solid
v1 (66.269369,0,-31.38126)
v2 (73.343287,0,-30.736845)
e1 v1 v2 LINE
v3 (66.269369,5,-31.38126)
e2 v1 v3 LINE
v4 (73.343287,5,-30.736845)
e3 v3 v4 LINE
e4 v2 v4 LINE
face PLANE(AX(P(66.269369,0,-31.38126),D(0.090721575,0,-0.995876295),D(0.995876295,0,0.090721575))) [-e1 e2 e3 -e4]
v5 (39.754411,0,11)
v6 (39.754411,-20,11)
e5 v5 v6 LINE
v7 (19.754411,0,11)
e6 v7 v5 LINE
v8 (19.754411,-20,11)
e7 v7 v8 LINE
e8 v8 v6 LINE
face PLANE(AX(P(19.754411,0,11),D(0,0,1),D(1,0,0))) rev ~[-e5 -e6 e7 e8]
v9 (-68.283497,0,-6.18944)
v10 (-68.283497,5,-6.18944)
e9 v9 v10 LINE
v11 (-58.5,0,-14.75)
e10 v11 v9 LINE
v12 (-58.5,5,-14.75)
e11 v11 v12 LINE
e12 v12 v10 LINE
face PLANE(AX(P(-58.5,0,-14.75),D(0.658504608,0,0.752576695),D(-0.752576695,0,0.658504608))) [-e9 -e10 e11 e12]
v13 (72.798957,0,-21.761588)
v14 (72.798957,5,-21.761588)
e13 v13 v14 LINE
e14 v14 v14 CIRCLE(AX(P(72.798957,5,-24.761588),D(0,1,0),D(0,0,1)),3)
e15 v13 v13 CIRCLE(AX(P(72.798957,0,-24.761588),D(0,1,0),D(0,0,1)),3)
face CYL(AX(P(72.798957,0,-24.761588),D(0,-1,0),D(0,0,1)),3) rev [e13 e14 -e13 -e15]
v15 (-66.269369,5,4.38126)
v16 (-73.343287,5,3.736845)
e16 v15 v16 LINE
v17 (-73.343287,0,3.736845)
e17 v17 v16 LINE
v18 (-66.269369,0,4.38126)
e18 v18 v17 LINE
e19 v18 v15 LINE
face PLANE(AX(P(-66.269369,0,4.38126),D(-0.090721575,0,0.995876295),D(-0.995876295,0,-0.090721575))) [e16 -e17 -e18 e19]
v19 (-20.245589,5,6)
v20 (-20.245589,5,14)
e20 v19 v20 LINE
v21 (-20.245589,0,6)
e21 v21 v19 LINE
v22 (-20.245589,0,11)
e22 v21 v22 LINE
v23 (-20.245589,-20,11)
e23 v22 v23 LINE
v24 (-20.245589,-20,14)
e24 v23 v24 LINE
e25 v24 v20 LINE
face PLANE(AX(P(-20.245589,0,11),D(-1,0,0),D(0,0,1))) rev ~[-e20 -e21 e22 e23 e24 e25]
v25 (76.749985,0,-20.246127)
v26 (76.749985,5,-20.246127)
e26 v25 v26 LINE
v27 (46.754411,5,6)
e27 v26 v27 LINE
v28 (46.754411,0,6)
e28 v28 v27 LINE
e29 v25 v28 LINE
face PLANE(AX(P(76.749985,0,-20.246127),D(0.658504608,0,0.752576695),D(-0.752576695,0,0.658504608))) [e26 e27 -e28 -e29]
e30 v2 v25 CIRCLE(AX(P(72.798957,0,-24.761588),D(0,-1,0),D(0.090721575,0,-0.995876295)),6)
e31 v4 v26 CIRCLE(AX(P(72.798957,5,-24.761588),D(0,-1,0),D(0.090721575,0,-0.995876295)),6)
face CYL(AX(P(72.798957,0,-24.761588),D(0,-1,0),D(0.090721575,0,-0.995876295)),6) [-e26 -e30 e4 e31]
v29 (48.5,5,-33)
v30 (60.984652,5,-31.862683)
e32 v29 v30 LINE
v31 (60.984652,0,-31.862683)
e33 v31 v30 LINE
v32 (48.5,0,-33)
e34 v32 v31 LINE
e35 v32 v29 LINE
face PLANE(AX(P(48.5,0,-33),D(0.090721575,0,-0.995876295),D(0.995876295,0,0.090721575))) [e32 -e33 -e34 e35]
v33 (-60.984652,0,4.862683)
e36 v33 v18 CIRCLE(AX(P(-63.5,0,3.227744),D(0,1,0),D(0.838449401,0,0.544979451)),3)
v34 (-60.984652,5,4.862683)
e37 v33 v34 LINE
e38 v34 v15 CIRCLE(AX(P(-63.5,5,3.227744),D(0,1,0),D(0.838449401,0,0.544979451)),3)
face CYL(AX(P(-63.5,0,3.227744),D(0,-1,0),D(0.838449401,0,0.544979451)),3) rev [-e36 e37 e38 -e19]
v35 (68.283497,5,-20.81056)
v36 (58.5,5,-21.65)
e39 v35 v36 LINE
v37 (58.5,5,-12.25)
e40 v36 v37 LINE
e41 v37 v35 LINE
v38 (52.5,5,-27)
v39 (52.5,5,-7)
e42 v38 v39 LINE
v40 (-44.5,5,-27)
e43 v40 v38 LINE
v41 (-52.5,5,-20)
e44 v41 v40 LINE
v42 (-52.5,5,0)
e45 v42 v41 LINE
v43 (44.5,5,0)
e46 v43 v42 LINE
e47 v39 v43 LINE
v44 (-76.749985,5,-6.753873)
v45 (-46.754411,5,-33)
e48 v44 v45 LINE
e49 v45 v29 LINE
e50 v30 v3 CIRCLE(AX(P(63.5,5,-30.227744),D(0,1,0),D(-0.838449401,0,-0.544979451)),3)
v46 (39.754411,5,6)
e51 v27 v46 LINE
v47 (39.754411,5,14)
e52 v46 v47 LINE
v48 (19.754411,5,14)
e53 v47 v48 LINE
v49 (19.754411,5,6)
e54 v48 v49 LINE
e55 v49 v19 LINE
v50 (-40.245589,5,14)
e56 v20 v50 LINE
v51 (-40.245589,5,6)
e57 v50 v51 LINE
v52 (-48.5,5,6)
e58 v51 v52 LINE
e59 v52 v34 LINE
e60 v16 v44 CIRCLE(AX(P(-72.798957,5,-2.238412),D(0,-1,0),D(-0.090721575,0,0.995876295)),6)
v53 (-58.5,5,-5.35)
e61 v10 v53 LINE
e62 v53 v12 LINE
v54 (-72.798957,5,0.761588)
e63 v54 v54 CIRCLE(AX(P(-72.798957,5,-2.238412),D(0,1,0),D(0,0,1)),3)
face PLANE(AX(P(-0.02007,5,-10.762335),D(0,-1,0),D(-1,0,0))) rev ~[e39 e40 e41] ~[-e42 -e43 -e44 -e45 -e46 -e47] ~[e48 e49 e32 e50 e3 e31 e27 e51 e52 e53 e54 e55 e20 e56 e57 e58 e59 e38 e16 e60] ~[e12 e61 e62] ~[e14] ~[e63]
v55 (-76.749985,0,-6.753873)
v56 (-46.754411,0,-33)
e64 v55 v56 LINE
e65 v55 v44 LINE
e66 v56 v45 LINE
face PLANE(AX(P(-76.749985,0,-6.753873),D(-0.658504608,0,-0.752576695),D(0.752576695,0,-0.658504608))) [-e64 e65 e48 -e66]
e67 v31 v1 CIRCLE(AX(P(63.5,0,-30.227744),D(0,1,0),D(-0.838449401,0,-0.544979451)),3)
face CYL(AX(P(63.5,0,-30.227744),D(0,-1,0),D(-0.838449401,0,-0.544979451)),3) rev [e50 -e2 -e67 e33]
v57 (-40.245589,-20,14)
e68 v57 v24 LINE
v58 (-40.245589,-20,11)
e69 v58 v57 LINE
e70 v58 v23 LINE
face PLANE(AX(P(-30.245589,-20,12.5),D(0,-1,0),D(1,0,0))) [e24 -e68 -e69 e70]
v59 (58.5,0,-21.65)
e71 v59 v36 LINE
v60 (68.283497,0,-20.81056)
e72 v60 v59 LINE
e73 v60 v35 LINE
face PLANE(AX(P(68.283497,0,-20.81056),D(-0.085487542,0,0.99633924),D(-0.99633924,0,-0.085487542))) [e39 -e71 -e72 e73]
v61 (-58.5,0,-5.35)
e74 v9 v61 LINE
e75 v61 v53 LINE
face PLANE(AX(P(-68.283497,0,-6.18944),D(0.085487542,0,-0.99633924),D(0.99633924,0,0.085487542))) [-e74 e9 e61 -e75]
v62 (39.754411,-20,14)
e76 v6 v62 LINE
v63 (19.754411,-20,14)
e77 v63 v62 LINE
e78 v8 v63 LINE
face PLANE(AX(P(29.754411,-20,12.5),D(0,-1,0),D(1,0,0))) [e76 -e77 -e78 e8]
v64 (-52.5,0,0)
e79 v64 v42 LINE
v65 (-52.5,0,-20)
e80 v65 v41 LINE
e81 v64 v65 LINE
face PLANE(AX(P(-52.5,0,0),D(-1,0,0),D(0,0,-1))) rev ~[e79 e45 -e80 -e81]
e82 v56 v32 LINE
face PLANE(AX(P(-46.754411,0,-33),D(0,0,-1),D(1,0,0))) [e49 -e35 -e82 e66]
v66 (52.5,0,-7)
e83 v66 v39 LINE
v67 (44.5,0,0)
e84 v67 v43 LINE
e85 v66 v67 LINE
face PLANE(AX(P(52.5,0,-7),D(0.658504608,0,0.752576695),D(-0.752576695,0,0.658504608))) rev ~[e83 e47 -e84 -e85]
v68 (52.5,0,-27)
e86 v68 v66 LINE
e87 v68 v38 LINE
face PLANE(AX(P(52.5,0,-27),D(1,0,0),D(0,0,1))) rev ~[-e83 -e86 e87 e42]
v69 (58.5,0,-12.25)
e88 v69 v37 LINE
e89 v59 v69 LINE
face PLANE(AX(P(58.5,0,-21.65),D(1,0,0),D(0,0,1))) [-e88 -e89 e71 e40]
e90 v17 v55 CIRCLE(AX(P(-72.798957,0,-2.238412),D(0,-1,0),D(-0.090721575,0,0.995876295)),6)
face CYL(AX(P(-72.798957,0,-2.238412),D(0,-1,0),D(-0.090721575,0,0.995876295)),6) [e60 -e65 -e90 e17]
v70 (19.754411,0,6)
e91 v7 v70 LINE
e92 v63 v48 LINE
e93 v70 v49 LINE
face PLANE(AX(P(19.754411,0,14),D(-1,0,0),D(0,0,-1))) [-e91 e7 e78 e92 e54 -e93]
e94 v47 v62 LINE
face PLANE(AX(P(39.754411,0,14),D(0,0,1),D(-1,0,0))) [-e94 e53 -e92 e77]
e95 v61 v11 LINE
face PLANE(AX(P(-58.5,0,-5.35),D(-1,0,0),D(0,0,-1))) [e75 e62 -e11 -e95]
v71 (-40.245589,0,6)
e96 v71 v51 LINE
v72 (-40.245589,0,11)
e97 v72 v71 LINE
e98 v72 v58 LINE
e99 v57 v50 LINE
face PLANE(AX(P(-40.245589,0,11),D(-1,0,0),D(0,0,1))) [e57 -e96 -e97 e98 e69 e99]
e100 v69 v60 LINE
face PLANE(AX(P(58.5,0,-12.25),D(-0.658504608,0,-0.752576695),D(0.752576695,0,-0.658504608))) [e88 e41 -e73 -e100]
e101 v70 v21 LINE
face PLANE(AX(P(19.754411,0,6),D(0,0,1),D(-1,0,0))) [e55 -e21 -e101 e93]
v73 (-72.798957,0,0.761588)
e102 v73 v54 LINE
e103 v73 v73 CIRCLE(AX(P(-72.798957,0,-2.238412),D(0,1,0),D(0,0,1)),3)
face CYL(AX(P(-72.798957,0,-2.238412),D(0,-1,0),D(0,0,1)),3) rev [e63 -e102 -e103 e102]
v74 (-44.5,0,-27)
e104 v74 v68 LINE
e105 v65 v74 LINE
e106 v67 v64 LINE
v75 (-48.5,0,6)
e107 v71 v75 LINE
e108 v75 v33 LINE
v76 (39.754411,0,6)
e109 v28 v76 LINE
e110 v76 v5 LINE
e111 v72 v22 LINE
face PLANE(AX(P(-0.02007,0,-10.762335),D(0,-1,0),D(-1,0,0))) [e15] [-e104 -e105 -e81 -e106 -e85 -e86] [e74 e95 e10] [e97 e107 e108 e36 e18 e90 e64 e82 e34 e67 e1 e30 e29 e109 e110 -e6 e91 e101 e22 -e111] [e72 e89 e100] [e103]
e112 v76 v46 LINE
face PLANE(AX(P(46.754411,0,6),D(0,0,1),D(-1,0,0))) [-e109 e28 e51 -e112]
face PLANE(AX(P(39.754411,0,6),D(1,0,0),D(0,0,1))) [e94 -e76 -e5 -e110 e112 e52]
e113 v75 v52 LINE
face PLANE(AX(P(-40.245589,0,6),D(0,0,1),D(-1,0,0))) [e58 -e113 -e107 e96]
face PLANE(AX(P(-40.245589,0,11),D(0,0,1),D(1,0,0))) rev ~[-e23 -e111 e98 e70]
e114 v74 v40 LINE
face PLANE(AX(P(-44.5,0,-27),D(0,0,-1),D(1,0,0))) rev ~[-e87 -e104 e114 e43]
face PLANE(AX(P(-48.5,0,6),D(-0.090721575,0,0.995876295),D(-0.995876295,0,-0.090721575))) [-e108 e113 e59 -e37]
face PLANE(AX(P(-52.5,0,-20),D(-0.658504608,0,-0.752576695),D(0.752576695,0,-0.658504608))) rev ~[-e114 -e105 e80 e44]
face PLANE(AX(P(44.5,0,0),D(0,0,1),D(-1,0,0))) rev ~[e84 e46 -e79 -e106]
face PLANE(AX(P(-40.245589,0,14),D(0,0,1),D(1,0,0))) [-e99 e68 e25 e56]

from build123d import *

# Parameters (mm, degrees)
SKETCH1_R           = 3
BOSS_EXTRUDE1_DEPTH = 5
SKETCH2_W           = 20
SKETCH2_H           = 3
BOSS_EXTRUDE2_DEPTH = 20


with BuildPart() as part:
    # Sketch1 → Boss-Extrude1 (new body)
    with BuildSketch(Plane(origin=(0, 0, 0), x_dir=(1, 0, 0), z_dir=(0, 1, 0))):
        with BuildLine():
            Line((-46.754410697, 33), (48.5, 33))
            Line((48.5, 33), (60.984651798, 31.862682764))
            ThreePointArc((60.984651798, 31.862682764), (63.227835275, 27.240115524), (66.269368613, 31.381259683))
            Line((66.269368613, 31.381259683), (73.34328665, 30.736845322))
            ThreePointArc((73.34328665, 30.736845322), (78.505606793, 26.614733634), (76.749984847, 20.246127381))
            Line((76.749984847, 20.246127381), (46.754410697, -6))
            Line((46.754410697, -6), (39.754410697, -6))
            Line((39.754410697, -6), (39.754410697, -14))
            Line((39.754410697, -14), (19.754410697, -14))
            Line((19.754410697, -14), (19.754410697, -6))
            Line((19.754410697, -6), (-20.245589303, -6))
            Line((-20.245589303, -6), (-20.245589303, -14))
            Line((-20.245589303, -14), (-40.245589303, -14))
            Line((-40.245589303, -14), (-40.245589303, -6))
            Line((-40.245589303, -6), (-48.5, -6))
            Line((-48.5, -6), (-60.984651798, -4.862682764))
            ThreePointArc((-60.984651798, -4.862682764), (-63.227835275, -0.240115524), (-66.269368613, -4.381259683))
            Line((-66.269368613, -4.381259683), (-73.34328665, -3.736845322))
            ThreePointArc((-73.34328665, -3.736845322), (-78.505606793, 0.385266366), (-76.749984847, 6.753872619))
            Line((-76.749984847, 6.753872619), (-46.754410697, 33))
        make_face()
        with Locations(Location((72.798957199, 24.76158755, 0), (0, 0, 270))):
            Circle(SKETCH1_R, mode=Mode.SUBTRACT)
        with Locations(Location((-72.798957199, 2.23841245, 0), (0, 0, 270))):
            Circle(SKETCH1_R, mode=Mode.SUBTRACT)
        Polygon((-44.5, 27), (52.5, 27), (52.5, 7), (44.5, 0), (-52.5, 0), (-52.5, 20), align=None, mode=Mode.SUBTRACT)
        Polygon((58.5, 21.65), (58.5, 12.25), (68.283497031, 20.810559902), align=None, mode=Mode.SUBTRACT)
        Polygon((-58.5, 14.75), (-68.283497031, 6.189440098), (-58.5, 5.35), align=None, mode=Mode.SUBTRACT)
    extrude(amount=BOSS_EXTRUDE1_DEPTH)

    # Sketch2 → Boss-Extrude2 (add)
    with BuildSketch(Plane.XZ):
        with Locations((-30.245589303, 12.5)):
            Rectangle(SKETCH2_W, SKETCH2_H)
        with Locations((29.754410697, 12.5)):
            Rectangle(SKETCH2_W, SKETCH2_H)
    extrude(amount=BOSS_EXTRUDE2_DEPTH)


solid = part.part
